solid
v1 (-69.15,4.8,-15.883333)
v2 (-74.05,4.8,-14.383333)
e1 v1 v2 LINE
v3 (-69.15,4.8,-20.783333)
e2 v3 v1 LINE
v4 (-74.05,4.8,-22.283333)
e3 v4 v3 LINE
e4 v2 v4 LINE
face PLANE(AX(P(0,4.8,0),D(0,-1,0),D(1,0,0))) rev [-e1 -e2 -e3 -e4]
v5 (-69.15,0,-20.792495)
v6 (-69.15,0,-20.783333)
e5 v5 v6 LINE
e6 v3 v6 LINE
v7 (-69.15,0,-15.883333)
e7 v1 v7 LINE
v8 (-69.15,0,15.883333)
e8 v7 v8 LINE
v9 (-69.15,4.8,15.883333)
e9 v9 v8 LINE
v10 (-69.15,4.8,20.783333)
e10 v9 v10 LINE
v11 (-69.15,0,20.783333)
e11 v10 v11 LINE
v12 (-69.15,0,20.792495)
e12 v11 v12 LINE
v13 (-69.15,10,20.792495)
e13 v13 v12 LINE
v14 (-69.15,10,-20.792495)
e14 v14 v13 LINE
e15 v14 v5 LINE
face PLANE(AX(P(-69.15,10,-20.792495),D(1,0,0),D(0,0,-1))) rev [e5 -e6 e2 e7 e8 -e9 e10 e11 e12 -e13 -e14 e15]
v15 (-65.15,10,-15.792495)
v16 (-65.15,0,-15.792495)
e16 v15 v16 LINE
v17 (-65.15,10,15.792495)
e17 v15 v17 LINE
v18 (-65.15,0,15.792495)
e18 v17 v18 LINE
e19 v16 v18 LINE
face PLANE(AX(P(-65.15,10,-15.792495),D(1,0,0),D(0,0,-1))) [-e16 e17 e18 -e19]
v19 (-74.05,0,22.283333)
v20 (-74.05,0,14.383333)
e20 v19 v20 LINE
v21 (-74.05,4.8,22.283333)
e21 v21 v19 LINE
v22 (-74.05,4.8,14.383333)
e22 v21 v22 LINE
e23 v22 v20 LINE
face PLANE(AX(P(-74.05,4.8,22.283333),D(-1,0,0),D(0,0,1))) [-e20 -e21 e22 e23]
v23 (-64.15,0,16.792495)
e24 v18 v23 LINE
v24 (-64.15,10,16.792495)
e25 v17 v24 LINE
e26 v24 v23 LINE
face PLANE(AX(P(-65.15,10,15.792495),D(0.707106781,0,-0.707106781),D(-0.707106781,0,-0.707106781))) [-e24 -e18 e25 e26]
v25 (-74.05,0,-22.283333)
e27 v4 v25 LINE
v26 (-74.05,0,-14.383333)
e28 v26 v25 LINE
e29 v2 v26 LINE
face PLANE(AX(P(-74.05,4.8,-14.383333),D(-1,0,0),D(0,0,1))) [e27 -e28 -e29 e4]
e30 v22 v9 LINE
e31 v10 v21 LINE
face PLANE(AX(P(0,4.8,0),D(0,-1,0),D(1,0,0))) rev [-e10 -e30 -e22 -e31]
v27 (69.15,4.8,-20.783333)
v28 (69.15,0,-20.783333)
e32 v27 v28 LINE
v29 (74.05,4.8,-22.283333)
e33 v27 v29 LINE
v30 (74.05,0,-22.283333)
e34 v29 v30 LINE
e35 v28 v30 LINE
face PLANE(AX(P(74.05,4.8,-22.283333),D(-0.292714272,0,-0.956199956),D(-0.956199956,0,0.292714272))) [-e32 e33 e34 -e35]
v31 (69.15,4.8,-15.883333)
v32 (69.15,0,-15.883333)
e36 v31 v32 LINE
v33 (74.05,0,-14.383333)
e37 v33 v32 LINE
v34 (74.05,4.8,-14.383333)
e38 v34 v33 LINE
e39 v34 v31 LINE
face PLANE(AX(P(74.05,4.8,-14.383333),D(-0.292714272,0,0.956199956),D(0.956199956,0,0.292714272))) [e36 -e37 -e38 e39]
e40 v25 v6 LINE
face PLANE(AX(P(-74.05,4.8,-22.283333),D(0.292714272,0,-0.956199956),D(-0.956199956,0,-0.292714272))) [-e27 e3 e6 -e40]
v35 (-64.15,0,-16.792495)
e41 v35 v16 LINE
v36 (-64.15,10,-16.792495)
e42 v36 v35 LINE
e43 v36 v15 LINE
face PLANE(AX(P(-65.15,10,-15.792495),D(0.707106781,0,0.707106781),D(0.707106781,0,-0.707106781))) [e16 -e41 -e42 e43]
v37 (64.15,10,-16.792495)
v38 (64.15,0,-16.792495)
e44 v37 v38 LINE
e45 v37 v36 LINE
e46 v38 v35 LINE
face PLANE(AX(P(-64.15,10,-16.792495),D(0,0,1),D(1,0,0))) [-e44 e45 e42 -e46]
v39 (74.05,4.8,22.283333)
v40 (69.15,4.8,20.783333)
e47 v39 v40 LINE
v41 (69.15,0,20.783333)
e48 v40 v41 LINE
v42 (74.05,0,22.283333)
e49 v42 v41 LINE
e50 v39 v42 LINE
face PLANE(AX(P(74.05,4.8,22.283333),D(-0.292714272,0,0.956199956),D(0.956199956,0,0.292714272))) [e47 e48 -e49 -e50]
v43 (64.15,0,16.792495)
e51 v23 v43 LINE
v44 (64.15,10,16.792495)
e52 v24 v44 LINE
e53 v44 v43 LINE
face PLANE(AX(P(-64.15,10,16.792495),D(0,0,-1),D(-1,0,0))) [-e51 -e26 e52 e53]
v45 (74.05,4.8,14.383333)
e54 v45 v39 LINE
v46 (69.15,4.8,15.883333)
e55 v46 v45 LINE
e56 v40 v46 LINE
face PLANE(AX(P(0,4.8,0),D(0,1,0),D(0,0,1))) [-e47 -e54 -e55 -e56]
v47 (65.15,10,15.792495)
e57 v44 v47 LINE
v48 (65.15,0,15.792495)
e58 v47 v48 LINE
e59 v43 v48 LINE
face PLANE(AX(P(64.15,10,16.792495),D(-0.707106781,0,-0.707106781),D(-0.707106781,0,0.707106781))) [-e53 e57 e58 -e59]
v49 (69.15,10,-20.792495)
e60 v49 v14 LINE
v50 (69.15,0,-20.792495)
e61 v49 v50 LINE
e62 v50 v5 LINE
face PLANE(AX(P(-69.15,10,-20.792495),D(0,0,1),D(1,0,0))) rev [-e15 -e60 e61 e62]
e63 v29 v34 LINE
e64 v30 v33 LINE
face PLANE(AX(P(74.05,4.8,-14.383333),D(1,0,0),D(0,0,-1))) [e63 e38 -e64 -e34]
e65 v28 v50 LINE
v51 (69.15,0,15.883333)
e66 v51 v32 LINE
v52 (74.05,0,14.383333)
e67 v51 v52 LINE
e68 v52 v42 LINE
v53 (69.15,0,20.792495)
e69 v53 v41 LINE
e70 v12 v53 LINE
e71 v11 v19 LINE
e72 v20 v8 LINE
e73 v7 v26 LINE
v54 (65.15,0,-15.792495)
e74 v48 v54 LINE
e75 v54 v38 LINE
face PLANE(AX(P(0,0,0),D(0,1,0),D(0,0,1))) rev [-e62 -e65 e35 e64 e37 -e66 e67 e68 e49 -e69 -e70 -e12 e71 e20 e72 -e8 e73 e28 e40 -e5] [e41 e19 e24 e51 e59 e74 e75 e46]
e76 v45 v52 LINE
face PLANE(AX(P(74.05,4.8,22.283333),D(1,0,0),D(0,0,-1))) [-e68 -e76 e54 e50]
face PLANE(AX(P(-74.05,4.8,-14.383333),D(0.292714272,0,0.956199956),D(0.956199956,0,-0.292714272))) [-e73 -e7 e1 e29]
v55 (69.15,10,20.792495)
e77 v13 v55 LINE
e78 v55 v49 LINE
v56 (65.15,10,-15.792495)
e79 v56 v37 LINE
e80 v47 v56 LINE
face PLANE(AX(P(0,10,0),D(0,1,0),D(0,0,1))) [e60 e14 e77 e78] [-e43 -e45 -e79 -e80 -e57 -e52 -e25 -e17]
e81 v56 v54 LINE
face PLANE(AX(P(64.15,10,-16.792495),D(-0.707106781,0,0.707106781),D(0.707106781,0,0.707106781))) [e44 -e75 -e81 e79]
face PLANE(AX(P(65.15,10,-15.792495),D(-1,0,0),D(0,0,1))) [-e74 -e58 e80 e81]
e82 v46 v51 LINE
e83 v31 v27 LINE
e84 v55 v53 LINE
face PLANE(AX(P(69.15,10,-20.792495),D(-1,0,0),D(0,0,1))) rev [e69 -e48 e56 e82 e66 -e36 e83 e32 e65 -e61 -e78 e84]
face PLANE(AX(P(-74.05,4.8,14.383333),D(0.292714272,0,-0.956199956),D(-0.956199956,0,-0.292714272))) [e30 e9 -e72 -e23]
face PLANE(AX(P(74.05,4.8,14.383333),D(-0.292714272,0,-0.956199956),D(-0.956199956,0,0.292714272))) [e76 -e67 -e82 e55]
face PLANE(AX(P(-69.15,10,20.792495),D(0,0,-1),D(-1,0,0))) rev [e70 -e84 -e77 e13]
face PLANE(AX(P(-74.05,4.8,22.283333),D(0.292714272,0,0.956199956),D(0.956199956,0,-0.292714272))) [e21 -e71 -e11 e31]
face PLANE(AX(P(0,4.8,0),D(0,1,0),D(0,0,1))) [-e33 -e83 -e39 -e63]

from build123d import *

# Parameters (mm, degrees)
SKETCH1_W           = 138.3
SKETCH1_H           = 41.58498921
BOSS_EXTRUDE1_DEPTH = 10
BOSS_EXTRUDE2_DEPTH = 4.8


with BuildPart() as part:
    # Sketch1 → Boss-Extrude1 (new body)
    with BuildSketch(Plane(origin=(0, 0, 0), x_dir=(1, 0, 0), z_dir=(0, 1, 0))):
        Rectangle(SKETCH1_W, SKETCH1_H)
        Polygon((-64.15, 16.792494605), (64.15, 16.792494605), (65.15, 15.792494605), (65.15, -15.792494605), (64.15, -16.792494605), (-64.15, -16.792494605), (-65.15, -15.792494605), (-65.15, 15.792494605), align=None, mode=Mode.SUBTRACT)
    extrude(amount=BOSS_EXTRUDE1_DEPTH)

    # Sketch3 → Boss-Extrude2 (add)
    with BuildSketch(Plane.XZ):
        Polygon((74.05, 22.283333333), (69.15, 20.783333333), (69.15, 15.883333333), (74.05, 14.383333333), align=None)
        Polygon((74.05, -14.383333333), (69.15, -15.883333333), (69.15, -20.783333333), (74.05, -22.283333333), align=None)
        Polygon((-74.05, 22.283333333), (-69.15, 20.783333333), (-69.15, 15.883333333), (-74.05, 14.383333333), align=None)
        Polygon((-74.05, -14.383333333), (-69.15, -15.883333333), (-69.15, -20.783333333), (-74.05, -22.283333333), align=None)
    extrude(amount=-BOSS_EXTRUDE2_DEPTH)


solid = part.part
